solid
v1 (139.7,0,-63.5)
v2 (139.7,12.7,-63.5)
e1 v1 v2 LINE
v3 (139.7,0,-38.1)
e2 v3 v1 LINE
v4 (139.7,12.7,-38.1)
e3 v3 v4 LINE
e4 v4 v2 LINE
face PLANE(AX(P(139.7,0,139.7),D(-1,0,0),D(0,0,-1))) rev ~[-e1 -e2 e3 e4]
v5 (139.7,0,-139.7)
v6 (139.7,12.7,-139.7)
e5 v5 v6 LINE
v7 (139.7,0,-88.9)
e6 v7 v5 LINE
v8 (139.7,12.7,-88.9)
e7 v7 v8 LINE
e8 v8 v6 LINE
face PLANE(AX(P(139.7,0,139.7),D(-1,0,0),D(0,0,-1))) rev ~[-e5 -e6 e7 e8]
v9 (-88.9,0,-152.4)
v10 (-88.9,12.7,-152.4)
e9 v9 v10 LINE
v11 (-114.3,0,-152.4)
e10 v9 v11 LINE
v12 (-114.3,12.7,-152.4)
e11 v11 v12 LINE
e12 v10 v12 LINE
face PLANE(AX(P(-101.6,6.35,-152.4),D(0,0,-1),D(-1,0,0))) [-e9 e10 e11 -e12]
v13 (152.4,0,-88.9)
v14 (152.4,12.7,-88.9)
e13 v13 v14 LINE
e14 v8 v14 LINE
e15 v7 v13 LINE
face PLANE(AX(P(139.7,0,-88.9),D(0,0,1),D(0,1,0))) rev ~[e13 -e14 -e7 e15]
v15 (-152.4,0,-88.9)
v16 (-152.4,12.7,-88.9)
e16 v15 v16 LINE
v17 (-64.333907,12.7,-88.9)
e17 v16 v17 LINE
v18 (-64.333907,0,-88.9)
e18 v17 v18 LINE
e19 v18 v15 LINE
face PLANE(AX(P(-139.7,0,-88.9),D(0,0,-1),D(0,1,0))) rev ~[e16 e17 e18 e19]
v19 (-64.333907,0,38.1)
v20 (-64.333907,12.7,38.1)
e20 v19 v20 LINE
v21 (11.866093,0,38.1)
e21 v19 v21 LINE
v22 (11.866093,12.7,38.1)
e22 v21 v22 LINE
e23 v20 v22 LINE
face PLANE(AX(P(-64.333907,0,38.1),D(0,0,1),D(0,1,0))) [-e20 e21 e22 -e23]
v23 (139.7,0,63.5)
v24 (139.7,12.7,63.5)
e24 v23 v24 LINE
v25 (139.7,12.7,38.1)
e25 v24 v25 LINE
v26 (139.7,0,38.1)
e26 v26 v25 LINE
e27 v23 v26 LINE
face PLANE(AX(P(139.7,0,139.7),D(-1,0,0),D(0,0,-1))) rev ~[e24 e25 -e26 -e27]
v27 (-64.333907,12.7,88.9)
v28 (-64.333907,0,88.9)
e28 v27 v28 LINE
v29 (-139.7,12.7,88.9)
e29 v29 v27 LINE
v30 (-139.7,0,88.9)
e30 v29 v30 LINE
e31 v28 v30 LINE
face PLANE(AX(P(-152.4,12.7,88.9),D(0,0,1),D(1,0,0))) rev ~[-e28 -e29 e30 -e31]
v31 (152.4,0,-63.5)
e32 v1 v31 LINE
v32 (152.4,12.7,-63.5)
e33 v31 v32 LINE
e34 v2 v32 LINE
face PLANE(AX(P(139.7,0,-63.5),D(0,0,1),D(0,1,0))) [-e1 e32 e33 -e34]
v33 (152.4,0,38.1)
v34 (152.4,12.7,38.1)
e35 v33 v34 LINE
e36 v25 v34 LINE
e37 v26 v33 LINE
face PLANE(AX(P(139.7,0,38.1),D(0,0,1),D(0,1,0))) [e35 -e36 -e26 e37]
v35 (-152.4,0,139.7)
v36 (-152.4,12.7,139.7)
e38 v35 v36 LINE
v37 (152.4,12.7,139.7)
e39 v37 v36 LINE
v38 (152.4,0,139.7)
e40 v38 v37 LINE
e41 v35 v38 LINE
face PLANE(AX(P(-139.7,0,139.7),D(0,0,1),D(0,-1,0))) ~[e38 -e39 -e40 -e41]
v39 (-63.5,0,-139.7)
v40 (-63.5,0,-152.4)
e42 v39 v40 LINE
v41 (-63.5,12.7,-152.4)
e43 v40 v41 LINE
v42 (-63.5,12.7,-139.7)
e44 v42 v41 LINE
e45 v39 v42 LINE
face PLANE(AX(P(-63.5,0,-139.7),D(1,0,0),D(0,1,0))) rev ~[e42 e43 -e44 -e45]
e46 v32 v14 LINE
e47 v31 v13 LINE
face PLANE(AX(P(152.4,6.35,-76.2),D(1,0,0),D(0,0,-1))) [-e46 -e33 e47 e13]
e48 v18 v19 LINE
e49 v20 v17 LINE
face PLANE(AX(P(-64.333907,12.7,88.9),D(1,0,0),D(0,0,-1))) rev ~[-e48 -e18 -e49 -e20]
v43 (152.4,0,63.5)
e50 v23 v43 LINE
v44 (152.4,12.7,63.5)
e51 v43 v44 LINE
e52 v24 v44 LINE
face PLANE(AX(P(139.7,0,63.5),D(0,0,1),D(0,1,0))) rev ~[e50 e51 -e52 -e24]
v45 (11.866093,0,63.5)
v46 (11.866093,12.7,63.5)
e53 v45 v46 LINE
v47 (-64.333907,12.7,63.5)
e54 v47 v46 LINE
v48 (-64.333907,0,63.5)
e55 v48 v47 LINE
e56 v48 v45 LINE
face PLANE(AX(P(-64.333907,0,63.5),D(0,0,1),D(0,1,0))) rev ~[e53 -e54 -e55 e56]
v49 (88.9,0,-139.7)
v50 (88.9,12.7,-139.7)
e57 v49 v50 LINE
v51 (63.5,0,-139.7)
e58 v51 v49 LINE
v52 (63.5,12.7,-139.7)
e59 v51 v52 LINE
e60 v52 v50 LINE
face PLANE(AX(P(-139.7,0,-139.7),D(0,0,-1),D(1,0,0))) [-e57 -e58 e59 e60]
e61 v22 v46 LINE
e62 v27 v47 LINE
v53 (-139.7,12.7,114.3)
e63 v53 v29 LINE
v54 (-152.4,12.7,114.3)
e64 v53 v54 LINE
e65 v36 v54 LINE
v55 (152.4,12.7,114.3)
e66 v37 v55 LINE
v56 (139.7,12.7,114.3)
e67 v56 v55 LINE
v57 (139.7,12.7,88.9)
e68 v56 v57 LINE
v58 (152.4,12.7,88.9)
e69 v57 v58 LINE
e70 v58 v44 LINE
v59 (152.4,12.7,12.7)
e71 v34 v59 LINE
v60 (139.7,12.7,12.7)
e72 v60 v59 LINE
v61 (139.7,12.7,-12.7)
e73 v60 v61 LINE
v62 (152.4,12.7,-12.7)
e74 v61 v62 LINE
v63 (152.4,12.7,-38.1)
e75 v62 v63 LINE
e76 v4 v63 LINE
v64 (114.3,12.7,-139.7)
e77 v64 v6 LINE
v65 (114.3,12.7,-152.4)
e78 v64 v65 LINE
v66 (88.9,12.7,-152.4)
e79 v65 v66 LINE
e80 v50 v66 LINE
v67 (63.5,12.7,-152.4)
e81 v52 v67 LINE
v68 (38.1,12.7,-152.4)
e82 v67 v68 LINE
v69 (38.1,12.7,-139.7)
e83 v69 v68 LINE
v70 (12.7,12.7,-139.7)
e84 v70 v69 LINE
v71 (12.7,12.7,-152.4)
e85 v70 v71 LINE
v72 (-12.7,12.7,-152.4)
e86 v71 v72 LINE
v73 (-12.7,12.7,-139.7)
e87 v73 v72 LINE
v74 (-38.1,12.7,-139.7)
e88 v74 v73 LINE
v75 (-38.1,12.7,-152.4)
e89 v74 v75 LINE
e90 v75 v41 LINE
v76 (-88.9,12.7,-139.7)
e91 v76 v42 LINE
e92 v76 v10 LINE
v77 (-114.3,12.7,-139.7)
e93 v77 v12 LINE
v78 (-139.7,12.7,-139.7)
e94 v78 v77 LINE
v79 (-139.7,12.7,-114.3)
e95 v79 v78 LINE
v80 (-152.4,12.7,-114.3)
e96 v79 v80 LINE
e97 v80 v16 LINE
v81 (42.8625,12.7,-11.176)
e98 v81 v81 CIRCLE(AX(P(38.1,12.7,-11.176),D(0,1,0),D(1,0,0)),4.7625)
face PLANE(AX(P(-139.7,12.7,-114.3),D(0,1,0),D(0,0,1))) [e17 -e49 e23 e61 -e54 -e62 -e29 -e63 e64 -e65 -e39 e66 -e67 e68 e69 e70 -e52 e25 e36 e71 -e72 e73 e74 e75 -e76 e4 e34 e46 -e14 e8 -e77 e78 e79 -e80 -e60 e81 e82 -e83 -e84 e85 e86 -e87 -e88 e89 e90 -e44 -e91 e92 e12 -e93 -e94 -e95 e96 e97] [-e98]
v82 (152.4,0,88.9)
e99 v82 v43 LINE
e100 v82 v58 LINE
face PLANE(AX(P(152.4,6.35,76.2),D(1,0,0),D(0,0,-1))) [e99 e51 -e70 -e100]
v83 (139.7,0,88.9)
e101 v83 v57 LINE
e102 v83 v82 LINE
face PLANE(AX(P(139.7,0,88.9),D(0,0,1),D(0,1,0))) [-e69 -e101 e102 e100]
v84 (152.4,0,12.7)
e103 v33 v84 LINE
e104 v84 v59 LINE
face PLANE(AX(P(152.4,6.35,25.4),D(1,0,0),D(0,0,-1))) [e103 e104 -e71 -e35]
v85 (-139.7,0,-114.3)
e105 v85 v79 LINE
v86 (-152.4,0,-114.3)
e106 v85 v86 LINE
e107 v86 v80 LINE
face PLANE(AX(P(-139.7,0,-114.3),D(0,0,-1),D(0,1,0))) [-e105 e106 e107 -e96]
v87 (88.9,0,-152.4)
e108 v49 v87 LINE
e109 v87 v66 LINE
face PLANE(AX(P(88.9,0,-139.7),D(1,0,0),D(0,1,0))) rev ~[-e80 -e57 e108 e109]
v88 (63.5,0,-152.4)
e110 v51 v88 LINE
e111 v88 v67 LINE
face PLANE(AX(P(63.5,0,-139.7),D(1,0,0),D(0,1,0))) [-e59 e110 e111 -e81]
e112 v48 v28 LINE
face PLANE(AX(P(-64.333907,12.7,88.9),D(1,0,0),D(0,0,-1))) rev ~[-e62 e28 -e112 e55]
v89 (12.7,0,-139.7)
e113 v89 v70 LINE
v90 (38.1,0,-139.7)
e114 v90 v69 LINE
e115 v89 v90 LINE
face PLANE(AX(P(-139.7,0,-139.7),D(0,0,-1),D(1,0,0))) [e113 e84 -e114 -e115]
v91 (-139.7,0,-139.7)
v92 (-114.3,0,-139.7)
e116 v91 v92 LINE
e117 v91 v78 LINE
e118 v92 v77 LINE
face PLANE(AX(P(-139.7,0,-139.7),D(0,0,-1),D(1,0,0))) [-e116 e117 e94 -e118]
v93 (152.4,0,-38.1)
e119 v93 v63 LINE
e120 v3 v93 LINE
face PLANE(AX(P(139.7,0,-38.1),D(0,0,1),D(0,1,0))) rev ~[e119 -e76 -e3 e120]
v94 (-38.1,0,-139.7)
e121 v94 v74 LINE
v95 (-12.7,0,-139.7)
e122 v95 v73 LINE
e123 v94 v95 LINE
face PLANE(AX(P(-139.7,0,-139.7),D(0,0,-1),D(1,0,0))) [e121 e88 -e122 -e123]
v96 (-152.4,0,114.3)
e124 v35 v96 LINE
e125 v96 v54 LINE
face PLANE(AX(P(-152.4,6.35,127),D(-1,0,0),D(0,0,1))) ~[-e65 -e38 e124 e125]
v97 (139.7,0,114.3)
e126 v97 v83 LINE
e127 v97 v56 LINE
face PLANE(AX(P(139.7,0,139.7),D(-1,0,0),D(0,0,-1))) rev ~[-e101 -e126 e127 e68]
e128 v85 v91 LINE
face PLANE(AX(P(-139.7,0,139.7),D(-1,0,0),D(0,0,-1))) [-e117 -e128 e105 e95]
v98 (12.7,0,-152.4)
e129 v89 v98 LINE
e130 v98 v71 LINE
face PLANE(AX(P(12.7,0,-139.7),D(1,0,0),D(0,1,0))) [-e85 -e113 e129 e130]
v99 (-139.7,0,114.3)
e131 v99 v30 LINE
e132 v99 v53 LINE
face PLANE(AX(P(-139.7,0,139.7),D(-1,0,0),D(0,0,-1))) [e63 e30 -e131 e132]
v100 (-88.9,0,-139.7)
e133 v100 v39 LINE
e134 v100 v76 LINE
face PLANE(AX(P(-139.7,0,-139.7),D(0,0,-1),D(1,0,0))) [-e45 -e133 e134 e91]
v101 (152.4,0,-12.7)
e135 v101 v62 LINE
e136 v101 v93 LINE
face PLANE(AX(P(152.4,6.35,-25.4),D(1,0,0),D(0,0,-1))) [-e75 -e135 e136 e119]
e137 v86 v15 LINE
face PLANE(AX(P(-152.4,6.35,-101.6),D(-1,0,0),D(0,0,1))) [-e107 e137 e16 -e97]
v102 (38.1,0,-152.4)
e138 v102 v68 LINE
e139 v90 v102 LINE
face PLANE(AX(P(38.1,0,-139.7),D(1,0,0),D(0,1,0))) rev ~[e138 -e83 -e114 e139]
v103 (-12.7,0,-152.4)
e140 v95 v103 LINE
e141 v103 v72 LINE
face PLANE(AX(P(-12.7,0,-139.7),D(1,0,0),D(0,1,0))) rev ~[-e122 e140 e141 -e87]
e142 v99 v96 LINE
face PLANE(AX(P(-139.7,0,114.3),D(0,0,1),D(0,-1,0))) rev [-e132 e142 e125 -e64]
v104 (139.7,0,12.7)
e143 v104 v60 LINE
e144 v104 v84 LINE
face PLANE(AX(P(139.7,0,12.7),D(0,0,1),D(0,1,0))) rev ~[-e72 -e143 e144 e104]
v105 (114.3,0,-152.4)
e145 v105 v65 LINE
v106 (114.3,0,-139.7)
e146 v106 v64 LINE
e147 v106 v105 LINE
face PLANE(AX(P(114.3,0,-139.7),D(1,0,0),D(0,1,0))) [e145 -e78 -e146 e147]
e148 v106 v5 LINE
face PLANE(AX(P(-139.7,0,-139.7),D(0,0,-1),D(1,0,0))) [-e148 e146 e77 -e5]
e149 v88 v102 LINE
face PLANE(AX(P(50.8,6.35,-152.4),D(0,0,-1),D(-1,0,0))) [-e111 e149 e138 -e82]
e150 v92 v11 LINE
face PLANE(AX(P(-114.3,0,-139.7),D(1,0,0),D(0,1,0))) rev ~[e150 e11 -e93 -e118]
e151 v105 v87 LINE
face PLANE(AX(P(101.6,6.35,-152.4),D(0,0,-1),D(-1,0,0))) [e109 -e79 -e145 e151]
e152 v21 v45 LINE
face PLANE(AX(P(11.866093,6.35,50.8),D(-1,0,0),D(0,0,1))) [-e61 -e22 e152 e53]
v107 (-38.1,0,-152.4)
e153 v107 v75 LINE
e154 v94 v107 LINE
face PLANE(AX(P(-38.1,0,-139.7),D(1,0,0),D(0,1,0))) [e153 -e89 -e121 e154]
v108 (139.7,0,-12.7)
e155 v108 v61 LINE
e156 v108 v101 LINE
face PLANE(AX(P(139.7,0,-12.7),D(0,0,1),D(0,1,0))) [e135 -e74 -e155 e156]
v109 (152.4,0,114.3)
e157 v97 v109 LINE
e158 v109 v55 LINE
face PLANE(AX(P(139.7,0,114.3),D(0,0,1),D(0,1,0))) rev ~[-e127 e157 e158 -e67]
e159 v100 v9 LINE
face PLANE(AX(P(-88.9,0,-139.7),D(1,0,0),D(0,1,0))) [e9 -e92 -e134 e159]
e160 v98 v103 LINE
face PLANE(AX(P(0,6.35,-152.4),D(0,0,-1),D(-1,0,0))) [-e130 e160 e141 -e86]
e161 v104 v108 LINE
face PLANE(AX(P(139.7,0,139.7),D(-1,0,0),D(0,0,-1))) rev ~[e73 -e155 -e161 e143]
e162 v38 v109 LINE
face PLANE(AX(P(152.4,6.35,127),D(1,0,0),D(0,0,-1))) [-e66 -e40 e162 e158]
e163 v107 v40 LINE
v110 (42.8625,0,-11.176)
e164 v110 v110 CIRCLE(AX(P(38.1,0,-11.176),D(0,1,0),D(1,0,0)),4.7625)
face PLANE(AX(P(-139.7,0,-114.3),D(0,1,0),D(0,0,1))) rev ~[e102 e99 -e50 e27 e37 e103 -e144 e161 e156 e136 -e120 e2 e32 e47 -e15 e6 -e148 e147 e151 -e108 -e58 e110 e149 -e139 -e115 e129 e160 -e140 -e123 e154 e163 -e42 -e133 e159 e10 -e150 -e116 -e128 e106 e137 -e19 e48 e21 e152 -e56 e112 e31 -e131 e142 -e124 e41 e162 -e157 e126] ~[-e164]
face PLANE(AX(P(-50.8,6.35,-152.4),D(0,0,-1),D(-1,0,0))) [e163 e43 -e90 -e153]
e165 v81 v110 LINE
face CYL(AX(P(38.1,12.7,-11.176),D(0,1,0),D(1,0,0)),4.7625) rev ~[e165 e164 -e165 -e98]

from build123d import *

# Parameters (mm, degrees)
SKETCH1_W               = 279.4
SKETCH1_H               = 279.4
BOSS_EXTRUDE1_DEPTH     = 12.7
SKETCH2_W               = 25.4
SKETCH2_H               = 12.7
BOSS_EXTRUDE2_DEPTH     = 12.7
LPATTERN1_COUNT         = 5
LPATTERN1_PITCH         = 50.8
MIRROR1_COPY_1_SKETCH_W = 25.4
MIRROR1_COPY_1_SKETCH_H = 12.7
MIRROR1_COPY_1_DEPTH    = 12.7
MIRROR1_COPY_2_SKETCH_W = 25.4
MIRROR1_COPY_2_SKETCH_H = 12.7
MIRROR1_COPY_2_DEPTH    = 12.7
MIRROR1_COPY_3_SKETCH_W = 25.4
MIRROR1_COPY_3_SKETCH_H = 12.7
MIRROR1_COPY_3_DEPTH    = 12.7
MIRROR1_COPY_4_SKETCH_W = 25.4
MIRROR1_COPY_4_SKETCH_H = 12.7
MIRROR1_COPY_4_DEPTH    = 12.7
SKETCH3_W               = 25.4
SKETCH3_H               = 12.7
BOSS_EXTRUDE3_DEPTH     = 12.7
LPATTERN2_COUNT         = 5
LPATTERN2_PITCH         = 50.8
SKETCH6_R               = 4.7625
CUT_EXTRUDE1_DEPTH      = 13.7
SKETCH8_W               = 88.066093183
SKETCH8_H               = 177.8
CUT_EXTRUDE3_DEPTH      = 13.7
SKETCH9_W               = 25.4
SKETCH9_H               = 12.7
BOSS_EXTRUDE4_DEPTH     = 12.7
SKETCH11_W              = 25.4
SKETCH11_H              = 12.7
CUT_EXTRUDE4_DEPTH      = 76.2


with BuildPart() as part:
    # Sketch1 → Boss-Extrude1 (new body)
    with BuildSketch(Plane(origin=(0, 0, 0), x_dir=(1, 0, 0), z_dir=(0, 1, 0))):
        Rectangle(SKETCH1_W, SKETCH1_H)
    extrude(amount=BOSS_EXTRUDE1_DEPTH)

    # Sketch2 → Boss-Extrude2 (add)
    with BuildSketch(Plane(origin=(139.7, 0, 0), x_dir=(0, 0, -1), z_dir=(1, 0, 0))):
        with Locations((-127, 6.35)):
            Rectangle(SKETCH2_W, SKETCH2_H)
    boss_extrude2 = extrude(amount=BOSS_EXTRUDE2_DEPTH)

    # LPattern1: Boss-Extrude2 ×5
    with Locations(*[(0, 0, -i * LPATTERN1_PITCH) for i in range(1, LPATTERN1_COUNT)]):
        add(boss_extrude2)

    # Mirror1: Boss-Extrude2 across plane
    add(boss_extrude2.mirror(Plane(origin=(0, 0, 0), x_dir=(0, 0, 1), z_dir=(1, 0, 0))))

    # Mirror1 copy 1 sketch → Mirror1 copy 1 (add)
    with BuildSketch(Plane(origin=(-139.7, 0, -50.8), x_dir=(0, 0, -1), z_dir=(-1, 0, 0))):
        with Locations((-127, -6.35)):
            Rectangle(MIRROR1_COPY_1_SKETCH_W, MIRROR1_COPY_1_SKETCH_H)
    extrude(amount=MIRROR1_COPY_1_DEPTH)

    # Mirror1 copy 2 sketch → Mirror1 copy 2 (add)
    with BuildSketch(Plane(origin=(-139.7, 0, -101.6), x_dir=(0, 0, -1), z_dir=(-1, 0, 0))):
        with Locations((-127, -6.35)):
            Rectangle(MIRROR1_COPY_2_SKETCH_W, MIRROR1_COPY_2_SKETCH_H)
    extrude(amount=MIRROR1_COPY_2_DEPTH)

    # Mirror1 copy 3 sketch → Mirror1 copy 3 (add)
    with BuildSketch(Plane(origin=(-139.7, 0, -152.4), x_dir=(0, 0, -1), z_dir=(-1, 0, 0))):
        with Locations((-127, -6.35)):
            Rectangle(MIRROR1_COPY_3_SKETCH_W, MIRROR1_COPY_3_SKETCH_H)
    extrude(amount=MIRROR1_COPY_3_DEPTH)

    # Mirror1 copy 4 sketch → Mirror1 copy 4 (add)
    with BuildSketch(Plane(origin=(-139.7, 0, -203.2), x_dir=(0, 0, -1), z_dir=(-1, 0, 0))):
        with Locations((-127, -6.35)):
            Rectangle(MIRROR1_COPY_4_SKETCH_W, MIRROR1_COPY_4_SKETCH_H)
    extrude(amount=MIRROR1_COPY_4_DEPTH)

    # Sketch3 → Boss-Extrude3 (add)
    with BuildSketch(Plane(origin=(0, 0, -139.7), x_dir=(-1, 0, 0), z_dir=(0, 0, -1))):
        with Locations((-101.6, 6.35)):
            Rectangle(SKETCH3_W, SKETCH3_H)
    boss_extrude3 = extrude(amount=BOSS_EXTRUDE3_DEPTH)

    # LPattern2: Boss-Extrude3 ×5
    with Locations(*[(-i * LPATTERN2_PITCH, 0, 0) for i in range(1, LPATTERN2_COUNT)]):
        add(boss_extrude3)

    # Sketch6 → Cut-Extrude1 (cut, through all)
    with BuildSketch(Plane(origin=(0, 12.7, 0), x_dir=(1, 0, 0), z_dir=(0, 1, 0))):
        with Locations((38.1, 11.176)):
            Circle(SKETCH6_R)
    extrude(amount=-CUT_EXTRUDE1_DEPTH, mode=Mode.SUBTRACT)

    # Sketch8 → Cut-Extrude3 (cut, through all)
    with BuildSketch(Plane(origin=(0, 12.7, 0), x_dir=(1, 0, 0), z_dir=(0, 1, 0))):
        with Locations((-108.366953408, 0)):
            Rectangle(SKETCH8_W, SKETCH8_H)
    extrude(amount=-CUT_EXTRUDE3_DEPTH, mode=Mode.SUBTRACT)

    # Sketch9 → Boss-Extrude4 (add)
    with BuildSketch(Plane.ZY.offset(139.7)):
        with Locations((-101.6, 6.35)):
            Rectangle(SKETCH9_W, SKETCH9_H)
    extrude(amount=BOSS_EXTRUDE4_DEPTH)

    # Sketch11 → Cut-Extrude4 (cut)
    with BuildSketch(Plane.ZY.offset(64.333906817)):
        with Locations((50.8, 6.35)):
            Rectangle(SKETCH11_W, SKETCH11_H)
    extrude(amount=-CUT_EXTRUDE4_DEPTH, mode=Mode.SUBTRACT)


solid = part.part
